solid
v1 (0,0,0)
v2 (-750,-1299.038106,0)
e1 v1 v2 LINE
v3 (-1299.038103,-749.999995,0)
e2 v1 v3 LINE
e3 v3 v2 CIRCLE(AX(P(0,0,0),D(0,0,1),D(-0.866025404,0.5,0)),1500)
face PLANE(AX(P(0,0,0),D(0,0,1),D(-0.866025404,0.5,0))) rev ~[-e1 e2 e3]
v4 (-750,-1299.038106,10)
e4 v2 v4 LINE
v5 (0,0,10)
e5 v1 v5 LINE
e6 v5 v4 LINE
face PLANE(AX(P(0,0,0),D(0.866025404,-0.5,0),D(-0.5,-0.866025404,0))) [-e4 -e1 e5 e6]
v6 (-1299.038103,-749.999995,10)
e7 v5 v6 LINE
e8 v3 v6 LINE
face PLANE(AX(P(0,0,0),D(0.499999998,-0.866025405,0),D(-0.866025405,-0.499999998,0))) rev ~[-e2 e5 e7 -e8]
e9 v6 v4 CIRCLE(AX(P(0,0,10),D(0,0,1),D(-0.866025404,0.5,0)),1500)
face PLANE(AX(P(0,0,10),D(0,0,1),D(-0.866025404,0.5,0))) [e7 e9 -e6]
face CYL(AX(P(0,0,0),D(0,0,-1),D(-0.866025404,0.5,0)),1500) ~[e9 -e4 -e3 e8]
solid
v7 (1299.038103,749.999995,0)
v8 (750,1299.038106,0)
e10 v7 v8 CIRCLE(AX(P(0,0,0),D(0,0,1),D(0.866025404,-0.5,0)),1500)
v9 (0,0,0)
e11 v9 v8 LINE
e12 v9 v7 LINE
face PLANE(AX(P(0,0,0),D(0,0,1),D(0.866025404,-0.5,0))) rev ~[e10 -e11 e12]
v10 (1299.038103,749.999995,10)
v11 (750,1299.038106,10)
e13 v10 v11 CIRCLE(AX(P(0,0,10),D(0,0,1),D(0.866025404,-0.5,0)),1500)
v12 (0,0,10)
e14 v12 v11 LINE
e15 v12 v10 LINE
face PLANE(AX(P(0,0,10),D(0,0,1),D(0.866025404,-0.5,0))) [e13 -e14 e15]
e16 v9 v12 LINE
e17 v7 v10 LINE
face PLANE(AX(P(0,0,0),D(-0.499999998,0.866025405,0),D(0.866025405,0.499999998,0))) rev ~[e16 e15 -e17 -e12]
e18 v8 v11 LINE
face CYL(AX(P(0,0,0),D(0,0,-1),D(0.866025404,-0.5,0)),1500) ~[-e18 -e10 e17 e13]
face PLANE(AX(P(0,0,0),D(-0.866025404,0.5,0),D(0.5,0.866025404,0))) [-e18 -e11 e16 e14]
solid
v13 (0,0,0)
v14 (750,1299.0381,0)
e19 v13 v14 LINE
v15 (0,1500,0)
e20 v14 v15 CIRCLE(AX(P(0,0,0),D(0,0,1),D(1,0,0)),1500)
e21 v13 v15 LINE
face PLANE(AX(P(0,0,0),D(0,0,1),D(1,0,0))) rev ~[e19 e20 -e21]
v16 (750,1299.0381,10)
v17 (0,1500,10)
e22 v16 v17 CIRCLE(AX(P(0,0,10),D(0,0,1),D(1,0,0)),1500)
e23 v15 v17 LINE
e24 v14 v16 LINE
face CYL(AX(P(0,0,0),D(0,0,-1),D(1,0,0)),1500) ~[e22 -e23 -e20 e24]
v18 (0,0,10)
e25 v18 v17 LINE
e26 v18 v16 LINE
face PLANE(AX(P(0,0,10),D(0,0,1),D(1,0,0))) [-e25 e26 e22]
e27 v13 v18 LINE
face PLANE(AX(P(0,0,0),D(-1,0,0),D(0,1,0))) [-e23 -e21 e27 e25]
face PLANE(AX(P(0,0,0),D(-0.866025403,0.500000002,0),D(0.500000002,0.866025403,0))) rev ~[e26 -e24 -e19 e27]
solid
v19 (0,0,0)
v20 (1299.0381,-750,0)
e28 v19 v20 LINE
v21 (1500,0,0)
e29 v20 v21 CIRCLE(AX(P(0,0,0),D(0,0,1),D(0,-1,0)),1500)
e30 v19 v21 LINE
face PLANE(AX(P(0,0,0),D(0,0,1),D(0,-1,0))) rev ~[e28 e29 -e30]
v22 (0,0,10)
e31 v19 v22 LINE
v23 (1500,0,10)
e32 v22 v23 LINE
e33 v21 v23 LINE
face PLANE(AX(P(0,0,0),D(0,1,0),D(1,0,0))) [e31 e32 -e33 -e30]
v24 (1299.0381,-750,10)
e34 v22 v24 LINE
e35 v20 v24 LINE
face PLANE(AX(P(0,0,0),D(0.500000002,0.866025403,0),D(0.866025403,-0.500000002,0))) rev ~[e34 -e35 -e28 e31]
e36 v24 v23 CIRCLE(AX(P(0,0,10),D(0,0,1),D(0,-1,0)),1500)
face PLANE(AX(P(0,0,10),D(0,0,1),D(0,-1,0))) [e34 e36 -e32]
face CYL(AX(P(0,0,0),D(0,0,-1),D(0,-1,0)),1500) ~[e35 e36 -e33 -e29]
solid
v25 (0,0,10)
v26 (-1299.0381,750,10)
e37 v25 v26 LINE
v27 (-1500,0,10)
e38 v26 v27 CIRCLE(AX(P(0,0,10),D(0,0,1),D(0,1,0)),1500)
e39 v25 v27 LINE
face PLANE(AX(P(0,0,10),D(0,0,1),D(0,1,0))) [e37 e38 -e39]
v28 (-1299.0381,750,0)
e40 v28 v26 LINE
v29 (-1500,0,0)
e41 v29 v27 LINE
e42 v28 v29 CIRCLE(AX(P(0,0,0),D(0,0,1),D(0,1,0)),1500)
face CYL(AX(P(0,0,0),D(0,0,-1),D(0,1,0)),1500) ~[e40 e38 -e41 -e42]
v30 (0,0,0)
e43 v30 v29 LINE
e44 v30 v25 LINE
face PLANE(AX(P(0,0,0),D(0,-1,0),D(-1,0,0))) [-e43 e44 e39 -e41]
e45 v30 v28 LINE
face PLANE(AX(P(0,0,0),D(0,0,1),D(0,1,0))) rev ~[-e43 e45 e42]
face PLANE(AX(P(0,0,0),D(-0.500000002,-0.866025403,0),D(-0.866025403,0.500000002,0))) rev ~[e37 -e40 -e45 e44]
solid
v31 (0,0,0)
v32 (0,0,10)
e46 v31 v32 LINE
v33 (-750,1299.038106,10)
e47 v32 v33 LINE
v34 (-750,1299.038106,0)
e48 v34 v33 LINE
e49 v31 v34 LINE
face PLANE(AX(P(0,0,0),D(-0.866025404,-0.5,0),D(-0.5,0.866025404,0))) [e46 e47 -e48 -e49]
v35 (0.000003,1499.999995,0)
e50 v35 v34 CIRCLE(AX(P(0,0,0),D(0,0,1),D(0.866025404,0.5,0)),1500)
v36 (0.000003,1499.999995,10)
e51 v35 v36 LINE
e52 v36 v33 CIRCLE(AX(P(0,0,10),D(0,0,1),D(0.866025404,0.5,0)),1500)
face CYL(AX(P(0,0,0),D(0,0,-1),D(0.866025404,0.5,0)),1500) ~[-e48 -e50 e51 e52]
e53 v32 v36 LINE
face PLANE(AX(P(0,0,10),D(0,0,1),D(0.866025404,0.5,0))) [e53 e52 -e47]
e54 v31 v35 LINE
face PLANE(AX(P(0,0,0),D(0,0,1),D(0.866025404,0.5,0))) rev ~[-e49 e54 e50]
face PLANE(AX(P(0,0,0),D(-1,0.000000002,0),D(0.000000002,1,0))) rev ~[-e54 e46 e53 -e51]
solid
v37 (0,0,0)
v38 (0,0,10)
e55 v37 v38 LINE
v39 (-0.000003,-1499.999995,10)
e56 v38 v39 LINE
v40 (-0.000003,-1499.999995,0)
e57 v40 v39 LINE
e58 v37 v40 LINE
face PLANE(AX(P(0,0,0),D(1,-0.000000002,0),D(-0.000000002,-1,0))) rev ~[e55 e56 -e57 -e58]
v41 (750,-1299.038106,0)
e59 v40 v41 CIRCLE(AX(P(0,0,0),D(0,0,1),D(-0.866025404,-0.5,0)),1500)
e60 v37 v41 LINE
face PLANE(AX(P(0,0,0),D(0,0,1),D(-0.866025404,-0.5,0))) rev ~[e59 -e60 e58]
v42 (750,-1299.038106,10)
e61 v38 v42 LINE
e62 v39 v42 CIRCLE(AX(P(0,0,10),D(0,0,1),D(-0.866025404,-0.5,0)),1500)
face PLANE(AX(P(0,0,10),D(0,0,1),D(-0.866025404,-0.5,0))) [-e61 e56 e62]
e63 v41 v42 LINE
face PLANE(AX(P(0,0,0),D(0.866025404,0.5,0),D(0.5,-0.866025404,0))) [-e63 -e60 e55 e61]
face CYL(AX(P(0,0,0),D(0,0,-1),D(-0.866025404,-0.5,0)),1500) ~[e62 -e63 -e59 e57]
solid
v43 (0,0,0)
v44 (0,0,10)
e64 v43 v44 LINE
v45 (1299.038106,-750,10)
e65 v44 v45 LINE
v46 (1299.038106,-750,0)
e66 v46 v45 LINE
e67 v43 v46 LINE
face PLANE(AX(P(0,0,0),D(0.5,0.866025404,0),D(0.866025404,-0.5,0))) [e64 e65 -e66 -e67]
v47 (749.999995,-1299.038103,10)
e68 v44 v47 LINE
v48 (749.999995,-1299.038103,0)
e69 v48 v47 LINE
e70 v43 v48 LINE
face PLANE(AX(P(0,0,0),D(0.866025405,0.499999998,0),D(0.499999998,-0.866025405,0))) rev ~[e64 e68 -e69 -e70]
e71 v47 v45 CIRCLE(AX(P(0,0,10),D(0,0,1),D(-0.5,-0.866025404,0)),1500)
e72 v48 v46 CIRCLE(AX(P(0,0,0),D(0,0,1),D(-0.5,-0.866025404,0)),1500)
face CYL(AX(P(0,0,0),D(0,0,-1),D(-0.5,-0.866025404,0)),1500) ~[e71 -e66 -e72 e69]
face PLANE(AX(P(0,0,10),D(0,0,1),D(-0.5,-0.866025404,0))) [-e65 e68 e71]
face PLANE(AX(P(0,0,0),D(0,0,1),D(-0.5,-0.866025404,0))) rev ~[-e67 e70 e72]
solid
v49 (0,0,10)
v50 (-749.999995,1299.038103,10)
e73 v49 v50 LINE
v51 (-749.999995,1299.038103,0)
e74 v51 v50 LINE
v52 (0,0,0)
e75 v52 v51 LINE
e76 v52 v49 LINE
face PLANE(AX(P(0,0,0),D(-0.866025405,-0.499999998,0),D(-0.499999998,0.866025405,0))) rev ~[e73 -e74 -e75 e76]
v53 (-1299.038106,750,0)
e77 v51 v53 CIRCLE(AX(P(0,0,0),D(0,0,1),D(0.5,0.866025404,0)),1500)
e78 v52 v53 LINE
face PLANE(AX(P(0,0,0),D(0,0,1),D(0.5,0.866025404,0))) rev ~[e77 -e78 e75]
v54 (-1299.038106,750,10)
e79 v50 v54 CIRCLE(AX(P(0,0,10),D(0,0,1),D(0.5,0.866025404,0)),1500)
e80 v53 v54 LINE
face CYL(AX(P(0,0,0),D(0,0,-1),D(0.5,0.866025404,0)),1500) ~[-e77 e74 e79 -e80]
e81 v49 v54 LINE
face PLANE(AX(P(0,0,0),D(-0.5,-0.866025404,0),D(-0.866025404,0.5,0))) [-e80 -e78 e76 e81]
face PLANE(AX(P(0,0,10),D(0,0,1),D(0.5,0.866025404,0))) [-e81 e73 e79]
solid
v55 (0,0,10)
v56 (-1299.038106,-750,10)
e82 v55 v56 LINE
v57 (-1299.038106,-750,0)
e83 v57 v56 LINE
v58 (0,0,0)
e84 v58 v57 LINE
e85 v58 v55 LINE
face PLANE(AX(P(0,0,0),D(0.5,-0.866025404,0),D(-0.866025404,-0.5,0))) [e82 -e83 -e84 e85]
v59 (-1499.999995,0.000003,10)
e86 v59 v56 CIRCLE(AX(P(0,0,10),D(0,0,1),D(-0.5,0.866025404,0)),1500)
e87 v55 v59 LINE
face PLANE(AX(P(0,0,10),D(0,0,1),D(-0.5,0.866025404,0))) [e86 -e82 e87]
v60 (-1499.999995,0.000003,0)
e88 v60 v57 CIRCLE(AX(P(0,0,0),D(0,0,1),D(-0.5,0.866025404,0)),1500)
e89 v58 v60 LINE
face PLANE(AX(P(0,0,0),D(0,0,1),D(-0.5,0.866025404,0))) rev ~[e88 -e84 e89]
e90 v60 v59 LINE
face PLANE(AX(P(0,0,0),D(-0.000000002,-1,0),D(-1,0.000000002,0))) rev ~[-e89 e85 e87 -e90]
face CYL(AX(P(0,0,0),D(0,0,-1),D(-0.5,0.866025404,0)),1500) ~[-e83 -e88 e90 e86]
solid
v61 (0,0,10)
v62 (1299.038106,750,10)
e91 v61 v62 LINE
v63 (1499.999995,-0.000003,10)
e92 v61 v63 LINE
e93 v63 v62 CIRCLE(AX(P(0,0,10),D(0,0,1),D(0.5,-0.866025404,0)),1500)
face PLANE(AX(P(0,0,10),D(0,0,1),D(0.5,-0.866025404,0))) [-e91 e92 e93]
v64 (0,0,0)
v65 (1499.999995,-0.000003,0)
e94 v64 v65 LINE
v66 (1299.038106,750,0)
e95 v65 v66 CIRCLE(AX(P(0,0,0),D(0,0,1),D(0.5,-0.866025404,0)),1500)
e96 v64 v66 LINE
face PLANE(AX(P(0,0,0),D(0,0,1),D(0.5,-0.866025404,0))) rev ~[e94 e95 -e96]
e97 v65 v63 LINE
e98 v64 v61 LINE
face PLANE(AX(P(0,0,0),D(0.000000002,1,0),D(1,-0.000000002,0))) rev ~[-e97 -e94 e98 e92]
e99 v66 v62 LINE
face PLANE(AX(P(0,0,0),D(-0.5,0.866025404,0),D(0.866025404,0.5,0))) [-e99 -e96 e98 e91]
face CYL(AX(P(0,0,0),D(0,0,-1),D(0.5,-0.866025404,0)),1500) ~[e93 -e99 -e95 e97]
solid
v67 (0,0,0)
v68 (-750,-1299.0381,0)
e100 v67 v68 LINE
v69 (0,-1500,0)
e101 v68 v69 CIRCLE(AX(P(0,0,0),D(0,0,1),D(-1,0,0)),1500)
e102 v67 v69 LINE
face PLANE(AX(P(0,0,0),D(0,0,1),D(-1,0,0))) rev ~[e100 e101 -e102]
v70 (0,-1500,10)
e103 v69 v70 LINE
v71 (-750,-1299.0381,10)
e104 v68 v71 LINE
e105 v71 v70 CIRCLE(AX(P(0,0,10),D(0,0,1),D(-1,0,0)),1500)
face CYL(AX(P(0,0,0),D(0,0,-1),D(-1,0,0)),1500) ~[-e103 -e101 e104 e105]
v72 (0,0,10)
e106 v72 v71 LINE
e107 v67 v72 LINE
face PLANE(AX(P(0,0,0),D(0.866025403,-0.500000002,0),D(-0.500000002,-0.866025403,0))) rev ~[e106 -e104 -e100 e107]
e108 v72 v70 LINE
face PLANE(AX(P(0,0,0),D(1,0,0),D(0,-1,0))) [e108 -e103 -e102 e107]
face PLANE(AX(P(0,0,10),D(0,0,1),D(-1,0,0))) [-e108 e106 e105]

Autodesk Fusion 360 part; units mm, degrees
sketch "Schizzo1" plane through (0, 0, 0) normal (0, 0, 1) x (1, 0, 0)
  circle A0 centre (0, 0) radius 1500
  line L0 (0, 0) -> (0, 1500)
  line L1 (0, 0) -> (-750, 1299.0381)
  line L2 (0, 0) -> (-1299.0381, 750)
  line L3 (0, 0) -> (-1500, 0)
  line L4 (0, 0) -> (-1299.0381, -750)
  line L5 (0, 0) -> (-750, -1299.0381)
  line L6 (0, 0) -> (0, -1500)
  line L7 (0, 0) -> (750, -1299.0381)
  line L8 (0, 0) -> (1299.0381, -750)
  line L9 (0, 0) -> (1500, 0)
  line L10 (0, 0) -> (1299.0381, 750)
  line L11 (0, 0) -> (750, 1299.0381)
  dimension "d1" = 3000
  dimension "d3" = 360
extrude "Estrusione1" add sketch "Schizzo1" along normal blind 10 contours A0 L0 L11 makes body 1
pattern_circular "Serie C1" count 12 over 360 about axis through (0, 0, 1.75) along (0, 0, 1) of bodies 1 makes body 2 at (-441.3417, 894.9525, 0) makes body 3 at (-829.6894, 554.3807, 0) makes body 4 at (-995.7224, 65.2631, 0) makes body 5 at (-894.9525, -441.3417, 0) makes body 6 at (-554.3807, -829.6894, 0) makes body 7 at (-65.2631, -995.7224, 0) makes body 8 at (441.3417, -894.9525, 0) makes body 9 at (829.6894, -554.3807, 0) makes body 10 at (995.7224, -65.2631, 0) makes body 11 at (894.9525, 441.3417, 0) makes body 12 at (554.3807, 829.6894, 0)
sketch "Schizzo2" plane through (0, 0, 10) normal (0, 0, 1) x (-1, 0, 0)
  line L0 (0, 0) -> (0, -1500)
  arc A0 (0, -1500) -> (750, -1299.0381) centre (0, 0) ccw
  line L1 (750, -1299.0381) -> (0, 0)
  line L2 (388.2286, -1448.8887) -> (0, 0) construction
  line L3 (205.786, -1057.7817) -> (350.6749, -1018.9588)
  line L4 (350.6749, -1018.9588) -> (311.8521, -874.07)
  line L5 (311.8521, -874.07) -> (166.9632, -912.8928)
  line L6 (166.9632, -912.8928) -> (205.786, -1057.7817)
  line L7 (205.786, -1057.7817) -> (311.8521, -874.07) construction
  line L8 (350.6749, -1018.9588) -> (166.9632, -912.8928) construction
  line L9 (874.07, 311.8521) -> (912.8928, 166.9632)
  line L10 (1018.9588, 350.6749) -> (874.07, 311.8521)
  line L11 (1057.7817, 205.786) -> (1018.9588, 350.6749)
  line L12 (912.8928, 166.9632) -> (1057.7817, 205.786)
  line L13 (-311.8521, 874.07) -> (-166.9632, 912.8928)
  line L14 (-350.6749, 1018.9588) -> (-311.8521, 874.07)
  line L15 (-205.786, 1057.7817) -> (-350.6749, 1018.9588)
  line L16 (-166.9632, 912.8928) -> (-205.786, 1057.7817)
  line L17 (-874.07, -311.8521) -> (-912.8928, -166.9632)
  line L18 (-1018.9588, -350.6749) -> (-874.07, -311.8521)
  line L19 (-1057.7817, -205.786) -> (-1018.9588, -350.6749)
  line L20 (-912.8928, -166.9632) -> (-1057.7817, -205.786)
  point P0 (258.819, -965.9258)
  dimension "d8" = 500
  dimension "d9" = 150
  dimension "d10" = 150
  dimension "d12" = 360
component "Component" placed x (1, 0, 0) y (0, 1, 0) z (0, 0, 1) at (0, 0, 0)
